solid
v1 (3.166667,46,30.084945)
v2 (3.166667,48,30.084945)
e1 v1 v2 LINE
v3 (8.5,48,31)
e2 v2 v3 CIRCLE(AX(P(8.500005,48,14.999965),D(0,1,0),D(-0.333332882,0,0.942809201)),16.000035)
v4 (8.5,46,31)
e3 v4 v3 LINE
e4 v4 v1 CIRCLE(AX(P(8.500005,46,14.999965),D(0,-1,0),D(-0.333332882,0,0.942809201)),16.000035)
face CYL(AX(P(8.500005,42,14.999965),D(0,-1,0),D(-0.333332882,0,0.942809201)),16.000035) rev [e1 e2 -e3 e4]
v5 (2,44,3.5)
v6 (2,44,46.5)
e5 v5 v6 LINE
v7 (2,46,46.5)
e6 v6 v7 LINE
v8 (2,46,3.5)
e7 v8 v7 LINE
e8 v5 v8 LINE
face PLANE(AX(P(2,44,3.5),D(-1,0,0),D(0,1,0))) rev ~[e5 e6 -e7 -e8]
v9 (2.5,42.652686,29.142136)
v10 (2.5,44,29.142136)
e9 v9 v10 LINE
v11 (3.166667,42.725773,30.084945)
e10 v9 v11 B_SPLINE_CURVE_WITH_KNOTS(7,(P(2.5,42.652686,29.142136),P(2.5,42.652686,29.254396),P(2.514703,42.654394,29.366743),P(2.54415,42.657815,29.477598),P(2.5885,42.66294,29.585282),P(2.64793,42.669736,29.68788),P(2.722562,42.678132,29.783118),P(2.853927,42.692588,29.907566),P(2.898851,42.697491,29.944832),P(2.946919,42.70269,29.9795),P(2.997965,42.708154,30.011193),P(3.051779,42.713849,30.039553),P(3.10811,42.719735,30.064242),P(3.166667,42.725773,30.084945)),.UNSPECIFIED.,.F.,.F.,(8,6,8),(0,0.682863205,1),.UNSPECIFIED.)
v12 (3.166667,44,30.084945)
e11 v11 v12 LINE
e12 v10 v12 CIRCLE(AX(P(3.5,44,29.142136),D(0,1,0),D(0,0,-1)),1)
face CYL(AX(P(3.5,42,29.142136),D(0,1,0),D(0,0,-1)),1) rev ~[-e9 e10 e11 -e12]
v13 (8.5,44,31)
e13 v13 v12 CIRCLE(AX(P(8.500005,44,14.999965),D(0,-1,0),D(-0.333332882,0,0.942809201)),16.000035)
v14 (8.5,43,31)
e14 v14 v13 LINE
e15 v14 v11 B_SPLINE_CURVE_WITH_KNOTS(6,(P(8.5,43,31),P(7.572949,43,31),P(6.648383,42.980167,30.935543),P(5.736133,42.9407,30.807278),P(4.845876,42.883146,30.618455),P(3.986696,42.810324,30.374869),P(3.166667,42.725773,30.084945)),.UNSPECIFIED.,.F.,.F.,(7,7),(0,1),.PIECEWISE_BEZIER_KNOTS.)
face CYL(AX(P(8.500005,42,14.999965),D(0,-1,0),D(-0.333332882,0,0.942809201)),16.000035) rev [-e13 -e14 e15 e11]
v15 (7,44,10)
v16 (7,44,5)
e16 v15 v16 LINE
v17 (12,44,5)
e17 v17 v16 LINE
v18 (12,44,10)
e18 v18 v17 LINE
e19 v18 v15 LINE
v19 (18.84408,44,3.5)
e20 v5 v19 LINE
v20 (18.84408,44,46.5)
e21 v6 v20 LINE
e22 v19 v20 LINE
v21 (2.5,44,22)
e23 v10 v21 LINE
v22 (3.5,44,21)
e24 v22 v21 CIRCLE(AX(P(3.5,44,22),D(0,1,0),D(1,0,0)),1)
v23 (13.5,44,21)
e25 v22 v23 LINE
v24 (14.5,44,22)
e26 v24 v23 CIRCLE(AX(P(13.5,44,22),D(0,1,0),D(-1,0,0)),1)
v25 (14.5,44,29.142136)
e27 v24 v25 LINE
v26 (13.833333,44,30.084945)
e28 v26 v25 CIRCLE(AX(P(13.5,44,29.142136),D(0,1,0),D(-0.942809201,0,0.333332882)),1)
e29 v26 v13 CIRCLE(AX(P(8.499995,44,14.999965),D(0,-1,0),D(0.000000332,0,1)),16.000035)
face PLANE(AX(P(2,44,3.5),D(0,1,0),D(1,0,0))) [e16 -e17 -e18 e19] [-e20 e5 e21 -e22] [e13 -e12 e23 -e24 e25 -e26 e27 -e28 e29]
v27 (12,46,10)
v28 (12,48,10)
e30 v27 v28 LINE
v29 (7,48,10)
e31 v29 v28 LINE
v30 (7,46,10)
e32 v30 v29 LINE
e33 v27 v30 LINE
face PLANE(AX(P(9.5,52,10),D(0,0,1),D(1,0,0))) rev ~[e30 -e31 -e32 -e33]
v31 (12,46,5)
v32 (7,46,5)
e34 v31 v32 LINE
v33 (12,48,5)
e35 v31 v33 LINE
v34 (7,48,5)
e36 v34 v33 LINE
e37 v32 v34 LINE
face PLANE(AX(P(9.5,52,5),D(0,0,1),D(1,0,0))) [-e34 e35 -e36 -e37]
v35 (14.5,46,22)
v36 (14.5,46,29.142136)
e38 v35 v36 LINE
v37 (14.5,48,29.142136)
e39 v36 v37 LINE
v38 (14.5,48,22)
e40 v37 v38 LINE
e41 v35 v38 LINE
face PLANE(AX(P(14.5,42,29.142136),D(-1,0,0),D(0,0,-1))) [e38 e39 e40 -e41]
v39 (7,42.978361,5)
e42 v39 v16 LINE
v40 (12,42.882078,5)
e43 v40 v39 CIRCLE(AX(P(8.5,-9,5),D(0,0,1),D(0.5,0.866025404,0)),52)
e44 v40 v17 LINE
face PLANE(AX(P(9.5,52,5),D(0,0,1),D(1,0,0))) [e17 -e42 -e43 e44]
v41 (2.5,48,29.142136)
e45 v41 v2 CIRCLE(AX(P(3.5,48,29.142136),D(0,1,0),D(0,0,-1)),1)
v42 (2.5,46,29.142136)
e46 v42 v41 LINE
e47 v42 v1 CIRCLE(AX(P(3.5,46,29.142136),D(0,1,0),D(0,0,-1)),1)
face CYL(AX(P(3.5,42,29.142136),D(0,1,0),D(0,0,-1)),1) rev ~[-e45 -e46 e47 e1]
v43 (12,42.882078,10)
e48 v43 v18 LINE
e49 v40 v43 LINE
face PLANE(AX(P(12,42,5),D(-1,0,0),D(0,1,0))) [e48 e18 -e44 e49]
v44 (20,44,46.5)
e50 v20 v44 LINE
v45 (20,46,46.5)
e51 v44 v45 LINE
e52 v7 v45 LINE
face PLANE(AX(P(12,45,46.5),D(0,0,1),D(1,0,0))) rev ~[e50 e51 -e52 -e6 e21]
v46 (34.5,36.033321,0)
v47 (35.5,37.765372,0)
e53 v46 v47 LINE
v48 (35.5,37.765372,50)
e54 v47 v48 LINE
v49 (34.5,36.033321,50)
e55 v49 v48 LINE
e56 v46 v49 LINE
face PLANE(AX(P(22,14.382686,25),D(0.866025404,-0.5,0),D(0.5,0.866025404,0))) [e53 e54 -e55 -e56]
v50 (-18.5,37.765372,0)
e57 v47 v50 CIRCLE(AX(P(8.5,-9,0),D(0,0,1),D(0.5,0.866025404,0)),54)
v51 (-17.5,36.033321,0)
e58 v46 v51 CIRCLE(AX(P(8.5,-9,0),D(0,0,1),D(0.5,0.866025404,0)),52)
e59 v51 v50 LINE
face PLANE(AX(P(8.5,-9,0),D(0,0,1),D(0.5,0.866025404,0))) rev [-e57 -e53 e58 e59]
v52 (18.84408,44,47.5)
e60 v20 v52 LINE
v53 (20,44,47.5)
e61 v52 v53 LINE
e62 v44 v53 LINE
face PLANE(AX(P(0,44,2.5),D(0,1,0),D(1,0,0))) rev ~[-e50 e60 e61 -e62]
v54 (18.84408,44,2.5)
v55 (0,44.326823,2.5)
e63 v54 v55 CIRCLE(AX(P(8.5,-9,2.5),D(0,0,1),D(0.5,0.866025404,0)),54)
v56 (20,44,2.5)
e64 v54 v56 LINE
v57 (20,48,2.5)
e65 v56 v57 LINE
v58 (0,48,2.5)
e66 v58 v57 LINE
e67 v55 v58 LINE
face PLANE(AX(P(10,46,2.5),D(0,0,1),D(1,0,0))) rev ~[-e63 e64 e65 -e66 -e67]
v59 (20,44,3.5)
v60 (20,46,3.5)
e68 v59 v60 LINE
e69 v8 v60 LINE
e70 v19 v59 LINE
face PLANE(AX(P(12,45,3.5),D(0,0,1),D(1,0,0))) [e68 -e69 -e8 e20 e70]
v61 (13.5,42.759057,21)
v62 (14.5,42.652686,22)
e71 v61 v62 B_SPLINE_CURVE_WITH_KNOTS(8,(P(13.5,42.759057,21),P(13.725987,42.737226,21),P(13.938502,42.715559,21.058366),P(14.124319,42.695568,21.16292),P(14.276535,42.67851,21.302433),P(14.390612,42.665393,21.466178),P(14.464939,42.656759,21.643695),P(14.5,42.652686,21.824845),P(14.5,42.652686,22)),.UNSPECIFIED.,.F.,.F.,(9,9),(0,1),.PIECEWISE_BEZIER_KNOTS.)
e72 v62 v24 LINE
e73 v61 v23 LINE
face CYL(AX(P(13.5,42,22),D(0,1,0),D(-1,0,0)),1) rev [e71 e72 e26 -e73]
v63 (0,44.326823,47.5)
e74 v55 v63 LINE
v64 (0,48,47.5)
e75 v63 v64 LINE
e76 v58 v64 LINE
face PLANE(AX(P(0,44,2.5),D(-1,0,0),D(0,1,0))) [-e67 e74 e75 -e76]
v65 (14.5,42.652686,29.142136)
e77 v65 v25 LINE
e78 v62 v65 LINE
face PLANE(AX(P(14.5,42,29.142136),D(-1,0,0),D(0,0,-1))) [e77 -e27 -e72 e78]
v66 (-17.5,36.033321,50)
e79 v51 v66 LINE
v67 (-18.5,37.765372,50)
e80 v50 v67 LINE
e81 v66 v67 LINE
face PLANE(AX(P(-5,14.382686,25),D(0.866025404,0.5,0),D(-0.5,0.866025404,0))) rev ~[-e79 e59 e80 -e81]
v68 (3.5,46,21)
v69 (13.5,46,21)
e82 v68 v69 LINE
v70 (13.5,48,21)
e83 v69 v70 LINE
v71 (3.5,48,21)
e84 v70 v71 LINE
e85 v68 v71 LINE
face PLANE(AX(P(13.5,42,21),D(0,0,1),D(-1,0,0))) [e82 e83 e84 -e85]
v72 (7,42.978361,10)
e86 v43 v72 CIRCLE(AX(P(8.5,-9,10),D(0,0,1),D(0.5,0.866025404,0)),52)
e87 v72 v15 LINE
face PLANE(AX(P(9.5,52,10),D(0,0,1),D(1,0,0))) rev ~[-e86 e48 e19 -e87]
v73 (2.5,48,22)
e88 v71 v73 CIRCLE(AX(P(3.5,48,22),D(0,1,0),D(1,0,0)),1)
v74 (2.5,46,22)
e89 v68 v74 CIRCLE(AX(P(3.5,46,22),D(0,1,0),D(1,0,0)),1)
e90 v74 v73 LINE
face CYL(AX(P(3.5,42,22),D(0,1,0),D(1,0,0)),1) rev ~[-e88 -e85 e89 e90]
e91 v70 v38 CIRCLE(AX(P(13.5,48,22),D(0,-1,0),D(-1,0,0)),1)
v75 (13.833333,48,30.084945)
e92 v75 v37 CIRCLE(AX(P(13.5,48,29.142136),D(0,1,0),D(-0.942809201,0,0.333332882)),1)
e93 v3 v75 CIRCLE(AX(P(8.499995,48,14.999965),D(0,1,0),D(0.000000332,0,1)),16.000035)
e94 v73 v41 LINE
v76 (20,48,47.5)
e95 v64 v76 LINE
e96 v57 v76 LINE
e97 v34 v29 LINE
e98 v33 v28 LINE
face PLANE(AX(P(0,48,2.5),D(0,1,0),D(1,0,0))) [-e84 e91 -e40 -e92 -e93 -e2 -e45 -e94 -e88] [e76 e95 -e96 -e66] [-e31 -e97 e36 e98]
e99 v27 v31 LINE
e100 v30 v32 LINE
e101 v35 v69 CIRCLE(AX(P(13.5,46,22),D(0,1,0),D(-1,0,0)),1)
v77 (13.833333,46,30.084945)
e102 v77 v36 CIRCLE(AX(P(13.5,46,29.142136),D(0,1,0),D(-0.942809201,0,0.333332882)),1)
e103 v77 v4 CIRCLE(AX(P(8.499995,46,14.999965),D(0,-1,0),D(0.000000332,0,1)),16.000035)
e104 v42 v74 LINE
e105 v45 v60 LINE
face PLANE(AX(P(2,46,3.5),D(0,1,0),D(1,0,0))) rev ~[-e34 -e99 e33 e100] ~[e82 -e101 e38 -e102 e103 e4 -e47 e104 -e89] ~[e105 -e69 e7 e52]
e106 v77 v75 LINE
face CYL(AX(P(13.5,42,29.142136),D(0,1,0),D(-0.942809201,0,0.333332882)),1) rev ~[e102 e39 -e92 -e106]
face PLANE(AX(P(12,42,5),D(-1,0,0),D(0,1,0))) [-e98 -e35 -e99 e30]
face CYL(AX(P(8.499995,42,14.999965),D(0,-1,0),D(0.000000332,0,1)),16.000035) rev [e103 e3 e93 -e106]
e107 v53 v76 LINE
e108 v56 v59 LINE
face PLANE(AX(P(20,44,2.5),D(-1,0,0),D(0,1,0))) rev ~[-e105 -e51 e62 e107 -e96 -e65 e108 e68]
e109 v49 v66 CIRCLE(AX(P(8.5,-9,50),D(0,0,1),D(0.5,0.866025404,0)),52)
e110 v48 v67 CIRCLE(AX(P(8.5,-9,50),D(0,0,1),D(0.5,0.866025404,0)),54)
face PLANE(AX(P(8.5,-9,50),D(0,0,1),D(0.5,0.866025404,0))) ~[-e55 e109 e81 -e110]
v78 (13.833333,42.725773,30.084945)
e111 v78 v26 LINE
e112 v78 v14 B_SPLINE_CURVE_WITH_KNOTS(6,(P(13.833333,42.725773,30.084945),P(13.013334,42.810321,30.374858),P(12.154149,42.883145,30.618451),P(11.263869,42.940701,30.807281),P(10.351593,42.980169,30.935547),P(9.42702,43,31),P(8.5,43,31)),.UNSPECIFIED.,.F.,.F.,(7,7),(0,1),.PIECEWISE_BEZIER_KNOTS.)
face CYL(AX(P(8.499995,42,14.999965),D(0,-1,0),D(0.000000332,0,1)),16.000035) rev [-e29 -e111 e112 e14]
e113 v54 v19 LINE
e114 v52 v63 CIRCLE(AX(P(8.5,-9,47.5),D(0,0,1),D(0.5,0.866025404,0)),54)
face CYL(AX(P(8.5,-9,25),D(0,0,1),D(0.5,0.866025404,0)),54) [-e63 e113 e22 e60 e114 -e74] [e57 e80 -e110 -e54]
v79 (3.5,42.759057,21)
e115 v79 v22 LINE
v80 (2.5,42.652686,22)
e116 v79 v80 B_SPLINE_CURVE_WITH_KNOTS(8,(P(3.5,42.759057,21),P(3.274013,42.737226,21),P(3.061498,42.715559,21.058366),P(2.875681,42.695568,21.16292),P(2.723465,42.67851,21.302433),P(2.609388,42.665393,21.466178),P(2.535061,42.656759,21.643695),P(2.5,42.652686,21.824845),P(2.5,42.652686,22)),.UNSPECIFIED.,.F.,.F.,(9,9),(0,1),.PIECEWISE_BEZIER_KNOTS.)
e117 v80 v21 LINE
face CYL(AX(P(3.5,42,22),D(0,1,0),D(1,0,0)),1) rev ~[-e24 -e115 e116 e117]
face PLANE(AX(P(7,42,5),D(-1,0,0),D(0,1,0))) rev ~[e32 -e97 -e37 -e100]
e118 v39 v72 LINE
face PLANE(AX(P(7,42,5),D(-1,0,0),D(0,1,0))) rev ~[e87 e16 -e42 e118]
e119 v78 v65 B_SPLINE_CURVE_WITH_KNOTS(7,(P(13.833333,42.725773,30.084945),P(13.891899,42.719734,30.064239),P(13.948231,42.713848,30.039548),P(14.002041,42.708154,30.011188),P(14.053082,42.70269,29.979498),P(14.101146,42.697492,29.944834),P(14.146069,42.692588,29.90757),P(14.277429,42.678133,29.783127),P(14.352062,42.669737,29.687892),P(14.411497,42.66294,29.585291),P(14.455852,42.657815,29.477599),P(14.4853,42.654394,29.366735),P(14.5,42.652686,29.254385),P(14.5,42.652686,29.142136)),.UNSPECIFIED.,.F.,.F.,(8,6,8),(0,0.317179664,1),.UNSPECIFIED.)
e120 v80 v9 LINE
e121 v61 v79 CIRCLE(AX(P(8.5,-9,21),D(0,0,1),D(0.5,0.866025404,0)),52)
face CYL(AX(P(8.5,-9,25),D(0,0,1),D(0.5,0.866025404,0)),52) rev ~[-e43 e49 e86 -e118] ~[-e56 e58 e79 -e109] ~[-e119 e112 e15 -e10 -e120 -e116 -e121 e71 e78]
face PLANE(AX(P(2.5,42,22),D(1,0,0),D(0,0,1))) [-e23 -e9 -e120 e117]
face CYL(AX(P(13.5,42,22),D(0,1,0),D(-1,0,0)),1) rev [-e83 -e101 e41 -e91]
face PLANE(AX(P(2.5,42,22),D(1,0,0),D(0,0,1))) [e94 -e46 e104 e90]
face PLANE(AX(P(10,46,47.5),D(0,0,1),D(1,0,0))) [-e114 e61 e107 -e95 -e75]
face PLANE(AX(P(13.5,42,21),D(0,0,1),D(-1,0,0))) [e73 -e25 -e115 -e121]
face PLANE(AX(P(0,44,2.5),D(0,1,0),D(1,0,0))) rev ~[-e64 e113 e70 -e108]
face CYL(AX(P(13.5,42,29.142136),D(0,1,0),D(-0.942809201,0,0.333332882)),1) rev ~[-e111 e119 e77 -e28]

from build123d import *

# Parameters (mm, degrees)
EXTRUDE_DEPTH               = 6
EXTRUDE001_DEPTH            = 6
THICKNESS_T                 = 1
BOX002_W                    = 20
BOX002_H                    = 2
BOX002_DEPTH                = 43
BOX_W                       = 5
BOX_H                       = 20
BOX_DEPTH                   = 5
BOX001_W                    = 20
BOX001_H                    = 4
BOX001_DEPTH                = 45
CYLINDER001_W               = 52
CYLINDER001_H               = 50
CYLINDER001_ANGLE           = 60
CYLINDER001_PLACEMENT_ANGLE = 60
CYLINDER_W                  = 54
CYLINDER_H                  = 50
CYLINDER_ANGLE              = 60
CYLINDER_PLACEMENT_ANGLE    = 60


with BuildPart() as extrude_body:
    # Common_cs001 → Extrude (new body)
    with BuildSketch(Plane(origin=(8.5, 45, 6), x_dir=(1, 0, 0), z_dir=(0, 1, 0))):
        with BuildLine():
            Line((5, 4), (-5, 4))
            Line((-5, 4), (-5, -3.142136))
            ThreePointArc((-5, -3.142136), (-2.53653, -3.783978), (0, -4))
            ThreePointArc((0, -4), (2.53653, -3.783978), (5, -3.142136))
            Line((5, -3.142136), (5, 4))
        make_face()
    extrude(amount=EXTRUDE_DEPTH)


with BuildPart() as extrude001:
    # Common_cs002 → Extrude001 (new body)
    with BuildSketch(Plane(origin=(8.5, 45, 6), x_dir=(1, 0, 0), z_dir=(0, 1, 0))):
        with BuildLine():
            Line((5, 4), (-5, 4))
            Line((-5, 4), (-5, -3.142136))
            ThreePointArc((-5, -3.142136), (-2.53653, -3.783978), (0, -4))
            ThreePointArc((0, -4), (2.53653, -3.783978), (5, -3.142136))
            Line((5, -3.142136), (5, 4))
        make_face()
    extrude(amount=EXTRUDE001_DEPTH)


with BuildPart() as fusion002:
    # Thickness base: copy of Extrude body
    add(extrude_body.part)

    # Thickness
    thickness_openings = [fusion002.faces().sort_by_distance(p)[0] for p in [
        (8.5, 51, 5.862901),
    ]]
    offset(amount=THICKNESS_T, openings=thickness_openings)

    # Fusion002: union Extrude body, Extrude001
    add(extrude_body.part)
    add(extrude001.part)


with BuildPart() as fusion002_1:
    # Fusion002 placement: moved
    add(fusion002.part.moved(Location((0, -3, 20))))


with BuildPart() as slot:
    # Box002 → Box002 (new body)
    with BuildSketch(Plane(origin=(2, 44, 3.5), x_dir=(1, 0, 0), z_dir=(0, 0, 1))):
        with Locations((10, 1)):
            Rectangle(BOX002_W, BOX002_H)
    extrude(amount=BOX002_DEPTH)


with BuildPart() as pin_opening:
    # Box → Box (new body)
    with BuildSketch(Plane(origin=(7, 42, 5), x_dir=(1, 0, 0), z_dir=(0, 0, 1))):
        with Locations((2.5, 10)):
            Rectangle(BOX_W, BOX_H)
    extrude(amount=BOX_DEPTH)


with BuildPart() as latch:
    # Box001 → Box001 (new body)
    with BuildSketch(Plane(origin=(0, 44, 2.5), x_dir=(1, 0, 0), z_dir=(0, 0, 1))):
        with Locations((10, 2)):
            Rectangle(BOX001_W, BOX001_H)
    extrude(amount=BOX001_DEPTH)


with BuildPart() as bottle_wall001:
    # Cylinder001 → Cylinder001 (revolve)
    with BuildSketch(Plane.XZ):
        with Locations((26, 25)):
            Rectangle(CYLINDER001_W, CYLINDER001_H)
    revolve(axis=Axis((0, 0, 0), (0, 0, 1)), revolution_arc=CYLINDER001_ANGLE)


with BuildPart() as bottle_wall001_1:
    # Cylinder001 placement: moved
    add(bottle_wall001.part.moved(Location((8.5, -7, 0))).rotate(Axis((8.5, -7, 0), (0, 0, 1)), CYLINDER001_PLACEMENT_ANGLE))


with BuildPart() as cut003:
    # Cylinder → Cylinder (revolve)
    with BuildSketch(Plane.XZ):
        with Locations((27, 25)):
            Rectangle(CYLINDER_W, CYLINDER_H)
    revolve(axis=Axis((0, 0, 0), (0, 0, 1)), revolution_arc=CYLINDER_ANGLE)


with BuildPart() as cut003_1:
    # Cylinder placement: moved
    add(cut003.part.moved(Location((8.5, -7, 0))).rotate(Axis((8.5, -7, 0), (0, 0, 1)), CYLINDER_PLACEMENT_ANGLE))

    # Cut: cut bottle_wall001
    add(bottle_wall001_1.part, mode=Mode.SUBTRACT)


with BuildPart() as cut003_2:
    # Cut placement: moved
    add(cut003_1.part.moved(Location((0, -2, 0))))

    # Fusion: union latch
    add(latch.part)

    # Fusion001: union latch
    add(latch.part)

    # Cut001: cut pin_opening
    add(pin_opening.part, mode=Mode.SUBTRACT)

    # Cut002: cut slot
    add(slot.part, mode=Mode.SUBTRACT)

    # Cut003: cut Fusion002
    add(fusion002_1.part, mode=Mode.SUBTRACT)


solid = cut003_2.part
